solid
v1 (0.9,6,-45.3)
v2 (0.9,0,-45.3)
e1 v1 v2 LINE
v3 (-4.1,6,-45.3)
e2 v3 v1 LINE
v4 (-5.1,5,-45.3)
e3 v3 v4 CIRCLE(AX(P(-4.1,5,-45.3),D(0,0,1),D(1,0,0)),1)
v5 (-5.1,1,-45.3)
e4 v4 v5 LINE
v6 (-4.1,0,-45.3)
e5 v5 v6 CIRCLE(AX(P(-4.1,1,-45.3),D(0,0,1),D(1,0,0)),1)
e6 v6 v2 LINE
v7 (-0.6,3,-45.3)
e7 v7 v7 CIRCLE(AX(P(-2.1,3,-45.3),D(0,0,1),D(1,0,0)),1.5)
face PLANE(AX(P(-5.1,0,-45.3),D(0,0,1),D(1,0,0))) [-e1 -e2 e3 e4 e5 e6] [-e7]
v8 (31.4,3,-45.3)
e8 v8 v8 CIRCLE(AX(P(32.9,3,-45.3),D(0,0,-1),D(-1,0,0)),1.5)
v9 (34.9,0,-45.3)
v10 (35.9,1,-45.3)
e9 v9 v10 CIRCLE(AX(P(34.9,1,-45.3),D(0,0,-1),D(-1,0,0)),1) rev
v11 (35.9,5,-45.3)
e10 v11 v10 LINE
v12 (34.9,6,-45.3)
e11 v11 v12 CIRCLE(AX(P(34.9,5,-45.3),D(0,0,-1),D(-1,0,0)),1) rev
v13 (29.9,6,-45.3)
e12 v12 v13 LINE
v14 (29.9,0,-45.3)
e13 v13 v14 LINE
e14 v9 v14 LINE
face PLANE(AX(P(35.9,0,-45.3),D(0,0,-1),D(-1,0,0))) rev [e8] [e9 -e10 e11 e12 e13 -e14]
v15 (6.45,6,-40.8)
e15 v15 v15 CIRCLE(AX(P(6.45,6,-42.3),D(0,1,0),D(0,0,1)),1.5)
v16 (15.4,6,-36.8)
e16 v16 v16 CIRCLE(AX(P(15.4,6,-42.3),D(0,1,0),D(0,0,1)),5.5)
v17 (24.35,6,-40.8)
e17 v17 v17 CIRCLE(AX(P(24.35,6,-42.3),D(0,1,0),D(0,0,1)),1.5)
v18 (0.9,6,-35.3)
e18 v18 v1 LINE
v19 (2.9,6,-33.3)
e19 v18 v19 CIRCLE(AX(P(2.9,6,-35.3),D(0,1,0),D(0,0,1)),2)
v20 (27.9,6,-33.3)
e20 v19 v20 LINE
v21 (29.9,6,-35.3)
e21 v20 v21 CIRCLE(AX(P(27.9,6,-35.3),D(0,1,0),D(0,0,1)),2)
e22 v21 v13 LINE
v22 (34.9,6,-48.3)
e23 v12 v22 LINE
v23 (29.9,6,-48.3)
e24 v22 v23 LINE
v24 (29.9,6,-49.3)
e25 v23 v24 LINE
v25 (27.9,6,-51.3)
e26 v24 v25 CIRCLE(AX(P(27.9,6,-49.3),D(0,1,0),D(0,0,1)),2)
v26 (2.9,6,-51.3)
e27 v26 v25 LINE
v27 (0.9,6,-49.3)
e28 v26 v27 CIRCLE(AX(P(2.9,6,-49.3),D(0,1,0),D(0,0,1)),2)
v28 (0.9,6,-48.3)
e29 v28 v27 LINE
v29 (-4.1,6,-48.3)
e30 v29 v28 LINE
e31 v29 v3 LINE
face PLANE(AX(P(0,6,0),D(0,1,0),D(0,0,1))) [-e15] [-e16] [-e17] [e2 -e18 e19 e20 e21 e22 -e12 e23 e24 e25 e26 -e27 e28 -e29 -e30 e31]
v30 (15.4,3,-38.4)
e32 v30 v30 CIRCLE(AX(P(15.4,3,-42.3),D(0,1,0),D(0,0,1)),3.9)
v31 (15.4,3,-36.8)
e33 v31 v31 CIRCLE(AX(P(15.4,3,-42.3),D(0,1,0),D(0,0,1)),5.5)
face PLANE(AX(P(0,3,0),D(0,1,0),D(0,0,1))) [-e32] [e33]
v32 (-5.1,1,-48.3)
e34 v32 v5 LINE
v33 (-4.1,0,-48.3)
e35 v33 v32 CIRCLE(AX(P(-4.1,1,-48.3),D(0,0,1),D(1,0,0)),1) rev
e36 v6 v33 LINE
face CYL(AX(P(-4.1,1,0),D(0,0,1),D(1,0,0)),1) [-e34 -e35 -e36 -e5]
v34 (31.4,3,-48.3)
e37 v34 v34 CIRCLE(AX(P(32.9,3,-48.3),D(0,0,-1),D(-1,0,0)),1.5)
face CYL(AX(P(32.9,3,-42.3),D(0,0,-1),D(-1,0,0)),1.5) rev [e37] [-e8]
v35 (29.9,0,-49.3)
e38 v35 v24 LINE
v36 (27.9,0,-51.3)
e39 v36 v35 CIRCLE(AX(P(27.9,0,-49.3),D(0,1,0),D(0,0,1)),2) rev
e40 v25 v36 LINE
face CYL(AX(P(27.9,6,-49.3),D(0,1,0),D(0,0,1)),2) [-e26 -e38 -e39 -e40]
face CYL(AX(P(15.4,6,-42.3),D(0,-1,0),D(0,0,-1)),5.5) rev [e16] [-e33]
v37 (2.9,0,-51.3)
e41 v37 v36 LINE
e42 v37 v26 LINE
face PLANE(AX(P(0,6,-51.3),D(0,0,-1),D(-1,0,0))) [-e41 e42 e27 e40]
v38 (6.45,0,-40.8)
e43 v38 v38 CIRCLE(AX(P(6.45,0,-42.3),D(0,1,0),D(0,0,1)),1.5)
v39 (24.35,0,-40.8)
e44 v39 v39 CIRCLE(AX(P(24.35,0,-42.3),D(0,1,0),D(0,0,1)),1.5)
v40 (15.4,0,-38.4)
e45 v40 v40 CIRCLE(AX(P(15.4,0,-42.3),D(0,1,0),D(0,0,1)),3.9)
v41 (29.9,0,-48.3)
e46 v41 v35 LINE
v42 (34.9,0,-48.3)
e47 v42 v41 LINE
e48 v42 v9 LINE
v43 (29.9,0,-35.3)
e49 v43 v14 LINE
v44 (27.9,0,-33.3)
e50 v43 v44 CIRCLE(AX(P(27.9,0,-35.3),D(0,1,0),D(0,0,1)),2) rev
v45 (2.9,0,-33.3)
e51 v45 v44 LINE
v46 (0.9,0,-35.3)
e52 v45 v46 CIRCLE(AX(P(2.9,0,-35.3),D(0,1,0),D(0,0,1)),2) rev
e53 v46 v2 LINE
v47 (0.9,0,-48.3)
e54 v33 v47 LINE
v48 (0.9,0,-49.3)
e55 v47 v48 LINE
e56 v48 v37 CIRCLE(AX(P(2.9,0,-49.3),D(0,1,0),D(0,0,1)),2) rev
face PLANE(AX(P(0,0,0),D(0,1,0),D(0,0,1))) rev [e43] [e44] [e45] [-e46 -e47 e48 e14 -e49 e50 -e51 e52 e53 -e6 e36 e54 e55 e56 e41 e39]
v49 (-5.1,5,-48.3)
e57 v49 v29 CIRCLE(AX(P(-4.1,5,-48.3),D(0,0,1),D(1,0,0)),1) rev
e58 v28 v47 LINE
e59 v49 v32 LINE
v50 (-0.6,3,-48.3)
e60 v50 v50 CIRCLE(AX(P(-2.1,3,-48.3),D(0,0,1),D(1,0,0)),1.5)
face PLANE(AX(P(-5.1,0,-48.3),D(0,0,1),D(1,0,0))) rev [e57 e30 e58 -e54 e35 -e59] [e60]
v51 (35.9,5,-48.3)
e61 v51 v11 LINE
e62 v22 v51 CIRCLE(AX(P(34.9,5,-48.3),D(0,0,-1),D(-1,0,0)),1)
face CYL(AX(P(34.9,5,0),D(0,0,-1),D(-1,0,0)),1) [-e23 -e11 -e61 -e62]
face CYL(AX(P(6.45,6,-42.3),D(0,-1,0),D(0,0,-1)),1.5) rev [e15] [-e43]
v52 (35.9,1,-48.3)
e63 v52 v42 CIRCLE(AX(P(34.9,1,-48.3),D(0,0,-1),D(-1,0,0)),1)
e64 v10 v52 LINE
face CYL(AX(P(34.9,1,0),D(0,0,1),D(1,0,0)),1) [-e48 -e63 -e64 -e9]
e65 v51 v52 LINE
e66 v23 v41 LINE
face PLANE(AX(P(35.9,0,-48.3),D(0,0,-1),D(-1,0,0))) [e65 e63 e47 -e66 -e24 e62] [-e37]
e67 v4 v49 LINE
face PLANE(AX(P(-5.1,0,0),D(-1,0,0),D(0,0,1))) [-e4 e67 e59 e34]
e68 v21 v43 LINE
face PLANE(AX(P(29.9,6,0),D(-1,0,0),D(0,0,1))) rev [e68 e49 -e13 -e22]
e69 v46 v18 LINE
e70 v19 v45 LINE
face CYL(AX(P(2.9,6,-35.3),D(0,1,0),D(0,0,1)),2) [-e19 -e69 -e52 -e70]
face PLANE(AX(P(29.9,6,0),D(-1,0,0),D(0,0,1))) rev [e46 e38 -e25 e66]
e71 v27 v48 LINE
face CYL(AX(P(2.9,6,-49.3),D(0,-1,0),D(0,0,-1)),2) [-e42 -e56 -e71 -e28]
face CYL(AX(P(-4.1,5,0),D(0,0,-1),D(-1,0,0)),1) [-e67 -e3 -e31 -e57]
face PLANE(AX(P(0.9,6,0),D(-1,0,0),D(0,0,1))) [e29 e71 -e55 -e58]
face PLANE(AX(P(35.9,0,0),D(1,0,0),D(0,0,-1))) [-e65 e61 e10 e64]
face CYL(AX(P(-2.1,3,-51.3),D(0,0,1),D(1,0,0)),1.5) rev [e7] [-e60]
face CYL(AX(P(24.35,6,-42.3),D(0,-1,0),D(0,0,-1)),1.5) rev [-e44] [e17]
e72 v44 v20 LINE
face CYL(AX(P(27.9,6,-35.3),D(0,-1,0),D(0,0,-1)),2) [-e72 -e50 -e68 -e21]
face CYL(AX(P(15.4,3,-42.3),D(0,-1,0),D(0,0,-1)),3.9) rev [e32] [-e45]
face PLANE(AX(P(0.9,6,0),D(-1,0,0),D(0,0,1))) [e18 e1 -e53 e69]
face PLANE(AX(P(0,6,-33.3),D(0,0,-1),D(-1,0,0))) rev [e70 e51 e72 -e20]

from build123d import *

# Parameters (mm, degrees)
SKETCH_1_W          = 29
SKETCH_1_H          = 18
SKETCH_1_R          = 5.5
SKETCH_1_R_2        = 1.5
EXTRUDE_1_DEPTH     = 6
SKETCH_1_6_R        = 5.5
SKETCH_1_6_R_2      = 3.9
EXTRUDE_2_DEPTH     = 3
SKETCH_2_W          = 3
SKETCH_2_H          = 6
EXTRUDE_3_DEPTH     = 6
SKETCH_4_R          = 1.5
CUT_EXTRUDE_1_DEPTH = 6
SKETCH_5_W          = 3
SKETCH_5_H          = 6
EXTRUDE_4_DEPTH     = 6
SKETCH_7_R          = 1.5
CUT_EXTRUDE_2_DEPTH = 6
FILLET_1_R          = 2
FILLET_3_R          = 1


with BuildPart() as part:
    # 草图1 → 凸台-拉伸1 (new body)
    with BuildSketch(Plane(origin=(0, 0, 0), x_dir=(1, 0, 0), z_dir=(0, 1, 0))):
        with Locations((15.4, 42.3)):
            Rectangle(SKETCH_1_W, SKETCH_1_H)
        with Locations((15.4, 42.3)):
            Circle(SKETCH_1_R, mode=Mode.SUBTRACT)
        with Locations((24.35, 42.3)):
            Circle(SKETCH_1_R_2, mode=Mode.SUBTRACT)
        with Locations((6.45, 42.3)):
            Circle(SKETCH_1_R_2, mode=Mode.SUBTRACT)
    extrude(amount=EXTRUDE_1_DEPTH)

    # 草图1<6> → 凸台-拉伸2 (add)
    with BuildSketch(Plane(origin=(0, 0, 0), x_dir=(1, 0, 0), z_dir=(0, 1, 0))):
        with Locations((15.4, 42.3)):
            Circle(SKETCH_1_6_R)
        with Locations((15.4, 42.3)):
            Circle(SKETCH_1_6_R_2, mode=Mode.SUBTRACT)
    extrude(amount=EXTRUDE_2_DEPTH)

    # 草图2 → 凸台-拉伸3 (add)
    with BuildSketch(Plane.ZY.offset(-0.9)):
        with Locations((-46.8, 3)):
            Rectangle(SKETCH_2_W, SKETCH_2_H)
    extrude(amount=EXTRUDE_3_DEPTH)

    # 草图4 → 切除-拉伸1 (cut)
    with BuildSketch(Plane.XY.offset(-45.3)):
        with Locations((-2.1, 3)):
            Circle(SKETCH_4_R)
    extrude(amount=-CUT_EXTRUDE_1_DEPTH, mode=Mode.SUBTRACT)

    # 草图5 → 凸台-拉伸4 (add)
    with BuildSketch(Plane(origin=(29.9, 0, 0), x_dir=(0, 0, -1), z_dir=(1, 0, 0))):
        with Locations((46.8, 3)):
            Rectangle(SKETCH_5_W, SKETCH_5_H)
    extrude(amount=EXTRUDE_4_DEPTH)

    # 草图7 → 切除-拉伸2 (cut)
    with BuildSketch(Plane(origin=(0, 0, -48.3), x_dir=(-1, 0, 0), z_dir=(0, 0, -1))):
        with Locations((-32.9, 3)):
            Circle(SKETCH_7_R)
    extrude(amount=-CUT_EXTRUDE_2_DEPTH, mode=Mode.SUBTRACT)

    # 圆角1
    fillet_1_edges = [part.edges().sort_by_distance(p)[0] for p in [
        (29.9, 3, -33.3),
        (0.9, 3, -33.3),
        (0.9, 3, -51.3),
        (29.9, 3, -51.3),
    ]]
    fillet(fillet_1_edges, radius=FILLET_1_R)

    # 圆角3
    fillet_3_edges = [part.edges().sort_by_distance(p)[0] for p in [
        (35.9, 6, -46.8),
        (35.9, 0, -46.8),
        (-5.1, 0, -46.8),
        (-5.1, 6, -46.8),
    ]]
    fillet(fillet_3_edges, radius=FILLET_3_R)


solid = part.part
